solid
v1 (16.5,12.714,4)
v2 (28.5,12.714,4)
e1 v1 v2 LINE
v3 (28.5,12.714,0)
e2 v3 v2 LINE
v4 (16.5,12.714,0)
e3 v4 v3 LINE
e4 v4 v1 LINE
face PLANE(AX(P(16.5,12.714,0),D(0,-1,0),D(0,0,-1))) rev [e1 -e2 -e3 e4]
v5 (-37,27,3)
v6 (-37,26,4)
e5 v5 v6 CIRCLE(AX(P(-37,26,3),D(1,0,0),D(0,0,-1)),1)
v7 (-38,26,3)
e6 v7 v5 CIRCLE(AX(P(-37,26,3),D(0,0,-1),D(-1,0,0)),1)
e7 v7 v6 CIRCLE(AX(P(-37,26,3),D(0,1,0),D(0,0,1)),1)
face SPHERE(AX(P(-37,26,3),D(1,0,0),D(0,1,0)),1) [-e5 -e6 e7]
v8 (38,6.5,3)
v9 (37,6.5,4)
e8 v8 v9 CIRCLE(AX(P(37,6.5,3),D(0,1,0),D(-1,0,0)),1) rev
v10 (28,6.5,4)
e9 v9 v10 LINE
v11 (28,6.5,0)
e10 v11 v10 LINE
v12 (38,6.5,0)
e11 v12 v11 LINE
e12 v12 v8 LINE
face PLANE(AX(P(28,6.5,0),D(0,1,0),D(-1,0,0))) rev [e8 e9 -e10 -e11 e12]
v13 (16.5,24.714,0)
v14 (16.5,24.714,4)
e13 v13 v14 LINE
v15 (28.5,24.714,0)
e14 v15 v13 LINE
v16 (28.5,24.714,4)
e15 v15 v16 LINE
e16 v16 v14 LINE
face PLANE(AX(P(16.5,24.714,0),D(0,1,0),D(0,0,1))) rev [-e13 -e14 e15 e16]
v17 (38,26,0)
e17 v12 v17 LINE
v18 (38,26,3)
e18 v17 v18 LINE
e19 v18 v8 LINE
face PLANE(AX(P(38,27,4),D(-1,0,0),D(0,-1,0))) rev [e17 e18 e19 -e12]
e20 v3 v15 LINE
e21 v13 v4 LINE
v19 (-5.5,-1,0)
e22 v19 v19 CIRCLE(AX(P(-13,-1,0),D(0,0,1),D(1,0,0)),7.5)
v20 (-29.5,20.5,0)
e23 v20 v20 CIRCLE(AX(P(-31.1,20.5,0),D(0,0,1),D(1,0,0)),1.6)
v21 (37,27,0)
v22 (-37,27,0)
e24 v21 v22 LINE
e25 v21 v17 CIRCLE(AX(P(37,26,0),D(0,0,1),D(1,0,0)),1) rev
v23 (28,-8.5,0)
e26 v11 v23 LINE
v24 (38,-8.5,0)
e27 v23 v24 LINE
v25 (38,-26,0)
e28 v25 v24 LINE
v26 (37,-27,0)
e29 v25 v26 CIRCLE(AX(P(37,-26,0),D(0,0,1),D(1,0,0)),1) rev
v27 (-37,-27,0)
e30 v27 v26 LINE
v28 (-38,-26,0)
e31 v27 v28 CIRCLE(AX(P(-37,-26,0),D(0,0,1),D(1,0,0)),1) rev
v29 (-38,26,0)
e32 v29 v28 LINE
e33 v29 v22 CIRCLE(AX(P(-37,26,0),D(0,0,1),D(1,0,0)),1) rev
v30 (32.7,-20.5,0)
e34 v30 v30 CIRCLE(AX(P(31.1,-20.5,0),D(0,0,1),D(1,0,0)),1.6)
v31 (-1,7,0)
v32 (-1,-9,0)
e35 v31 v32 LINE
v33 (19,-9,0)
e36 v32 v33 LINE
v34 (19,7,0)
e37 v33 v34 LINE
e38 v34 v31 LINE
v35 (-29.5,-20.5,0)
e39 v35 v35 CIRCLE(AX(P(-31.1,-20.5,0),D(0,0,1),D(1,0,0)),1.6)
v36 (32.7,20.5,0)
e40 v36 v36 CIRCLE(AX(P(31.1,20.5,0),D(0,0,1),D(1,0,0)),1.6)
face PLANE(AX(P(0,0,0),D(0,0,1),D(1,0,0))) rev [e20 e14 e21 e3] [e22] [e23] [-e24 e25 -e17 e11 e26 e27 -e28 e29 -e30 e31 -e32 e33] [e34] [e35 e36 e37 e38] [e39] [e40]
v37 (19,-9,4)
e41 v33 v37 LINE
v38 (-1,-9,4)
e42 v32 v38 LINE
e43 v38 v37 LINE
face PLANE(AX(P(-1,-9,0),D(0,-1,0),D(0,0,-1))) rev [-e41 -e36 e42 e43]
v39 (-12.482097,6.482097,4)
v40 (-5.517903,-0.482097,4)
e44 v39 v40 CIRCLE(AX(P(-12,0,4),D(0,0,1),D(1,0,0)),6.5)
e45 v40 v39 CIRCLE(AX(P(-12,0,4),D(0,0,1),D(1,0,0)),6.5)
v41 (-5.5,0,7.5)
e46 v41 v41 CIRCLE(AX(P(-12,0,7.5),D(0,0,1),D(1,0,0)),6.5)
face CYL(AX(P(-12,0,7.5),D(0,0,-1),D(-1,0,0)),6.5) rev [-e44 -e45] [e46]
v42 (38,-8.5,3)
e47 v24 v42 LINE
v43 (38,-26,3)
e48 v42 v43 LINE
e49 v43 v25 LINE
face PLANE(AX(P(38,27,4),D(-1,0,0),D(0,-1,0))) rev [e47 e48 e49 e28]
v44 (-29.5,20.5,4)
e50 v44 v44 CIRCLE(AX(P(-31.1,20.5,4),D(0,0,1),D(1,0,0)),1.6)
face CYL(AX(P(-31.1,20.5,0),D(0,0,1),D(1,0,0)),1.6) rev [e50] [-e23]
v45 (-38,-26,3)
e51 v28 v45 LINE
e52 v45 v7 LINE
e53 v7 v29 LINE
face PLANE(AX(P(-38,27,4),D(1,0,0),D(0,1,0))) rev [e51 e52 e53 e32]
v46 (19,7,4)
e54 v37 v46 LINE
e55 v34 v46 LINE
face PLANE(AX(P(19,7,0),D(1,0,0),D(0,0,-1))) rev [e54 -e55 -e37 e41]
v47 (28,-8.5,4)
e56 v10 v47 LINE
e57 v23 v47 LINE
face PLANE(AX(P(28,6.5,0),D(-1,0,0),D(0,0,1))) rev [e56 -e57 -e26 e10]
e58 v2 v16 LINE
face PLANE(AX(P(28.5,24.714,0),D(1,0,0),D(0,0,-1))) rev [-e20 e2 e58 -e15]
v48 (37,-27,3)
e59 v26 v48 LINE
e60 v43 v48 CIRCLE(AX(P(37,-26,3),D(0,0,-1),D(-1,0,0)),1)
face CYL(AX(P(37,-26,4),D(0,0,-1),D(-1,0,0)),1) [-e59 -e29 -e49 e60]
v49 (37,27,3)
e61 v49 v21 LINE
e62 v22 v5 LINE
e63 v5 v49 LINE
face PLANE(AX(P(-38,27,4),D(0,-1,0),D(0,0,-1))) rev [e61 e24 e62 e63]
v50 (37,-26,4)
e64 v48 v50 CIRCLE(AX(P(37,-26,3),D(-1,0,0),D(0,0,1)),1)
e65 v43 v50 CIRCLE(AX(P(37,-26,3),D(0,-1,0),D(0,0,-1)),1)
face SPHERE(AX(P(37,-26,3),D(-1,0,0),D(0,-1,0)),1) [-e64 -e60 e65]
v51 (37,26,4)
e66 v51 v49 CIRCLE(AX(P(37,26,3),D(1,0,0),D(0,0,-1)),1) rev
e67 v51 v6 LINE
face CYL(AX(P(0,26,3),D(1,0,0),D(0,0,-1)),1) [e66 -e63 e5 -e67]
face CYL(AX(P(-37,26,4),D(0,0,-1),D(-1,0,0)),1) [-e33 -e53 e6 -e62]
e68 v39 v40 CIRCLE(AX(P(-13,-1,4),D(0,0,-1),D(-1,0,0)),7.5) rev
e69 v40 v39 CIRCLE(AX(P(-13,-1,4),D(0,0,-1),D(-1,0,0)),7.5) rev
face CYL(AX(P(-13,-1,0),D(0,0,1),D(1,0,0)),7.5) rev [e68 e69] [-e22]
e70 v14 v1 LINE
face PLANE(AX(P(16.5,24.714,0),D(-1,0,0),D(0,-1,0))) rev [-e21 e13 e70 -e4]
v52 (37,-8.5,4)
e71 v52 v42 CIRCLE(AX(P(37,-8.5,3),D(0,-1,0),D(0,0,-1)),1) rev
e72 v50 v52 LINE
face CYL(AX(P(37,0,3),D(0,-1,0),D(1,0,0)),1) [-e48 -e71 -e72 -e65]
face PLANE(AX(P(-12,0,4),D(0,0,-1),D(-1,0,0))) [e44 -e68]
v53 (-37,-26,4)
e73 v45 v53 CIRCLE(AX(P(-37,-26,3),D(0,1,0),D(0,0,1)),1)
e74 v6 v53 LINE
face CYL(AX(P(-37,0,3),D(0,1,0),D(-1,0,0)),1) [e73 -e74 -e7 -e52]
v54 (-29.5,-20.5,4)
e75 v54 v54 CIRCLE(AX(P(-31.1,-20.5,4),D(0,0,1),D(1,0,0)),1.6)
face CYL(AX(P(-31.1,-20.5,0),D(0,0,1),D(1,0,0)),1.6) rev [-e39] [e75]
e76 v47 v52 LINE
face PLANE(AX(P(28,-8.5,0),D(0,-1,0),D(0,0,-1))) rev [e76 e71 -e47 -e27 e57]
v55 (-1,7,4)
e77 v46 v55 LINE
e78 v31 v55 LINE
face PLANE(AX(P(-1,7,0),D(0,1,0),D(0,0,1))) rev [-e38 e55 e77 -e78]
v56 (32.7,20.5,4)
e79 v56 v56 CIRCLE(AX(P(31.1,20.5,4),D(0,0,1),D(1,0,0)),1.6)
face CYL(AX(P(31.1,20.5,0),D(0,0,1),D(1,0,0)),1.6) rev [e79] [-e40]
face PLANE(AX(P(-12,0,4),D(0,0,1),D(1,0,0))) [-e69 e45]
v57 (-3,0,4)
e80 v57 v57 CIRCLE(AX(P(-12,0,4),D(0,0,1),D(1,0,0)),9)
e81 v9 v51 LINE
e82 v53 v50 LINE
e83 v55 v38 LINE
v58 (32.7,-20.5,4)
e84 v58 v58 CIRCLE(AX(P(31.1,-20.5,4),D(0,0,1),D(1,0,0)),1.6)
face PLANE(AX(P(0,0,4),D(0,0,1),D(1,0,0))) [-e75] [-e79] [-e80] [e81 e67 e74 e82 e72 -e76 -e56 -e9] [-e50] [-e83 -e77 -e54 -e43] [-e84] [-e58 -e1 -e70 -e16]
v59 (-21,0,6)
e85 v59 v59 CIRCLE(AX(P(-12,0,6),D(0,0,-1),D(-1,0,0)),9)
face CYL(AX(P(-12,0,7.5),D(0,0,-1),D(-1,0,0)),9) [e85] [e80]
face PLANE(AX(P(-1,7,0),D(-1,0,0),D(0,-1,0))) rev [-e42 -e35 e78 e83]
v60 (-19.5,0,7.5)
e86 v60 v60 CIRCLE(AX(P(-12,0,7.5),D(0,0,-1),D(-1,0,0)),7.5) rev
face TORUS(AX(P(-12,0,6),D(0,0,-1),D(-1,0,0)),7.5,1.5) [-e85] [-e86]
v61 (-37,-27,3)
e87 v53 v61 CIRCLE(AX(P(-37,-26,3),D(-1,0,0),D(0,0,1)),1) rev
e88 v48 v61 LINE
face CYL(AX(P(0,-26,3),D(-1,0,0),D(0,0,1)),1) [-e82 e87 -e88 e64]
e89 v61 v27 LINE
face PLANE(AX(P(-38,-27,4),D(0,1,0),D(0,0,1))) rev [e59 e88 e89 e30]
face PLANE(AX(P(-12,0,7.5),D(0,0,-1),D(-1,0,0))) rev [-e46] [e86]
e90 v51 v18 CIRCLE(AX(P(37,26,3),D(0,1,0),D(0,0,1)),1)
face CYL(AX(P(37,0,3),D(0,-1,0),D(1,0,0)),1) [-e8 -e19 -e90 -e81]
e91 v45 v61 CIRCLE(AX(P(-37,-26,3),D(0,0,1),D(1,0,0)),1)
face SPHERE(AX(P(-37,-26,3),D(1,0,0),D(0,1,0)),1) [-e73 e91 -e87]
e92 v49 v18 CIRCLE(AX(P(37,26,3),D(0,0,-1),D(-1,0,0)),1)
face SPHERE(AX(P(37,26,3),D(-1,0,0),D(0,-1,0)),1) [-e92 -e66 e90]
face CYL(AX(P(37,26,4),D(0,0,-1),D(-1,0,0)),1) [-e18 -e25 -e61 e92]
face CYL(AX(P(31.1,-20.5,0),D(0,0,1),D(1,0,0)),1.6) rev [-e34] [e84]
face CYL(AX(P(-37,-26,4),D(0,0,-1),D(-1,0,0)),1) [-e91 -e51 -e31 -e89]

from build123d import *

# Parameters (mm, degrees)
ENCLOSURE_TOP_SKETCH_W          = 76
ENCLOSURE_TOP_SKETCH_H          = 54
ENCLOSURE_TOP_FEATURE_DEPTH     = 4
SCREW_HOLES_SKETCH_R            = 1.6
SCREW_HOLES_FEATURE_DEPTH       = 5
CAMERA_LIGHT_HOLE_SKETCH_R      = 7.5
CAMERA_LIGHT_HOLE_SKETCH_W      = 20
CAMERA_LIGHT_HOLE_SKETCH_H      = 16
CAMERA_LIGHT_HOLE_SKETCH_W_2    = 10
CAMERA_LIGHT_HOLE_SKETCH_H_2    = 15
CAMERA_LIGHT_HOLE_SKETCH_W_3    = 12
CAMERA_LIGHT_HOLE_SKETCH_H_3    = 12
CAMERA_LIGHT_HOLE_FEATURE_DEPTH = 5
FILTER_COVER_SKETCH_R           = 9
FILTER_COVER_FEATURE_DEPTH      = 3.5
FILTER_HOLE_SKETCH_R            = 6.5
FILTER_HOLE_CUT_DEPTH           = 3.5
FILLET6_R                       = 1.5
FILLET7_R                       = 1
FILLET8_R                       = 1
FILLET9_R                       = 1
FILLET10_R                      = 1
FILLET11_R                      = 1


with BuildPart() as part:
    # Enclosure Top Sketch → Enclosure Top Feature (new body)
    with BuildSketch(Plane.XY):
        Rectangle(ENCLOSURE_TOP_SKETCH_W, ENCLOSURE_TOP_SKETCH_H)
    extrude(amount=ENCLOSURE_TOP_FEATURE_DEPTH)

    # Screw Holes Sketch → Screw Holes Feature (cut, through all)
    with BuildSketch(Plane.XY.offset(4)):
        with Locations((-31.1, 20.5)):
            Circle(SCREW_HOLES_SKETCH_R)
        with Locations((31.1, 20.5)):
            Circle(SCREW_HOLES_SKETCH_R)
        with Locations((31.1, -20.5)):
            Circle(SCREW_HOLES_SKETCH_R)
        with Locations((-31.1, -20.5)):
            Circle(SCREW_HOLES_SKETCH_R)
    extrude(amount=-SCREW_HOLES_FEATURE_DEPTH, mode=Mode.SUBTRACT)

    # Camera + Light Hole Sketch → Camera _ Light Hole Feature (cut, through all)
    with BuildSketch(Plane.XY.offset(4)):
        with Locations((-13, -1)):
            Circle(CAMERA_LIGHT_HOLE_SKETCH_R)
        with Locations((9, -1)):
            Rectangle(CAMERA_LIGHT_HOLE_SKETCH_W, CAMERA_LIGHT_HOLE_SKETCH_H)
        with Locations((33, -1)):
            Rectangle(CAMERA_LIGHT_HOLE_SKETCH_W_2, CAMERA_LIGHT_HOLE_SKETCH_H_2)
        with Locations((22.5, 18.714)):
            Rectangle(CAMERA_LIGHT_HOLE_SKETCH_W_3, CAMERA_LIGHT_HOLE_SKETCH_H_3)
    extrude(amount=-CAMERA_LIGHT_HOLE_FEATURE_DEPTH, mode=Mode.SUBTRACT)

    # Filter Cover Sketch → Filter Cover Feature (add)
    with BuildSketch(Plane(origin=(0, 0, 4), x_dir=(-1, 0, 0), z_dir=(0, 0, -1))):
        with Locations((12, 0)):
            Circle(FILTER_COVER_SKETCH_R)
    extrude(amount=-FILTER_COVER_FEATURE_DEPTH)

    # Filter Hole Sketch → Filter Hole Cut (cut)
    with BuildSketch(Plane.XY.offset(4)):
        with Locations((-12, 0)):
            Circle(FILTER_HOLE_SKETCH_R)
    extrude(amount=FILTER_HOLE_CUT_DEPTH, mode=Mode.SUBTRACT)

    # Fillet6
    fillet6_edges = [part.edges().sort_by_distance(p)[0] for p in [
        (-3, 0, 7.5),
    ]]
    fillet(fillet6_edges, radius=FILLET6_R)

    # Fillet7
    fillet7_edges = [part.edges().sort_by_distance(p)[0] for p in [
        (0, 27, 4),
    ]]
    fillet(fillet7_edges, radius=FILLET7_R)

    # Fillet8
    fillet8_edges = [part.edges().sort_by_distance(p)[0] for p in [
        (0, -27, 4),
    ]]
    fillet(fillet8_edges, radius=FILLET8_R)

    # Fillet9
    fillet9_edges = [part.edges().sort_by_distance(p)[0] for p in [
        (-38, 0, 4),
        (-38, 27, 1.5),
        (-38, 26.707106781, 3.707106781),
        (-38, -27, 1.5),
        (-38, -26.707106781, 3.707106781),
    ]]
    fillet(fillet9_edges, radius=FILLET9_R)

    # Fillet10
    fillet10_edges = [part.edges().sort_by_distance(p)[0] for p in [
        (38, 27, 1.5),
        (38, 26.707106781, 3.707106781),
        (38, 16.25, 4),
    ]]
    fillet(fillet10_edges, radius=FILLET10_R)

    # Fillet11
    fillet11_edges = [part.edges().sort_by_distance(p)[0] for p in [
        (38, -17.25, 4),
        (38, -27, 1.5),
        (38, -26.707106781, 3.707106781),
    ]]
    fillet(fillet11_edges, radius=FILLET11_R)


solid = part.part
